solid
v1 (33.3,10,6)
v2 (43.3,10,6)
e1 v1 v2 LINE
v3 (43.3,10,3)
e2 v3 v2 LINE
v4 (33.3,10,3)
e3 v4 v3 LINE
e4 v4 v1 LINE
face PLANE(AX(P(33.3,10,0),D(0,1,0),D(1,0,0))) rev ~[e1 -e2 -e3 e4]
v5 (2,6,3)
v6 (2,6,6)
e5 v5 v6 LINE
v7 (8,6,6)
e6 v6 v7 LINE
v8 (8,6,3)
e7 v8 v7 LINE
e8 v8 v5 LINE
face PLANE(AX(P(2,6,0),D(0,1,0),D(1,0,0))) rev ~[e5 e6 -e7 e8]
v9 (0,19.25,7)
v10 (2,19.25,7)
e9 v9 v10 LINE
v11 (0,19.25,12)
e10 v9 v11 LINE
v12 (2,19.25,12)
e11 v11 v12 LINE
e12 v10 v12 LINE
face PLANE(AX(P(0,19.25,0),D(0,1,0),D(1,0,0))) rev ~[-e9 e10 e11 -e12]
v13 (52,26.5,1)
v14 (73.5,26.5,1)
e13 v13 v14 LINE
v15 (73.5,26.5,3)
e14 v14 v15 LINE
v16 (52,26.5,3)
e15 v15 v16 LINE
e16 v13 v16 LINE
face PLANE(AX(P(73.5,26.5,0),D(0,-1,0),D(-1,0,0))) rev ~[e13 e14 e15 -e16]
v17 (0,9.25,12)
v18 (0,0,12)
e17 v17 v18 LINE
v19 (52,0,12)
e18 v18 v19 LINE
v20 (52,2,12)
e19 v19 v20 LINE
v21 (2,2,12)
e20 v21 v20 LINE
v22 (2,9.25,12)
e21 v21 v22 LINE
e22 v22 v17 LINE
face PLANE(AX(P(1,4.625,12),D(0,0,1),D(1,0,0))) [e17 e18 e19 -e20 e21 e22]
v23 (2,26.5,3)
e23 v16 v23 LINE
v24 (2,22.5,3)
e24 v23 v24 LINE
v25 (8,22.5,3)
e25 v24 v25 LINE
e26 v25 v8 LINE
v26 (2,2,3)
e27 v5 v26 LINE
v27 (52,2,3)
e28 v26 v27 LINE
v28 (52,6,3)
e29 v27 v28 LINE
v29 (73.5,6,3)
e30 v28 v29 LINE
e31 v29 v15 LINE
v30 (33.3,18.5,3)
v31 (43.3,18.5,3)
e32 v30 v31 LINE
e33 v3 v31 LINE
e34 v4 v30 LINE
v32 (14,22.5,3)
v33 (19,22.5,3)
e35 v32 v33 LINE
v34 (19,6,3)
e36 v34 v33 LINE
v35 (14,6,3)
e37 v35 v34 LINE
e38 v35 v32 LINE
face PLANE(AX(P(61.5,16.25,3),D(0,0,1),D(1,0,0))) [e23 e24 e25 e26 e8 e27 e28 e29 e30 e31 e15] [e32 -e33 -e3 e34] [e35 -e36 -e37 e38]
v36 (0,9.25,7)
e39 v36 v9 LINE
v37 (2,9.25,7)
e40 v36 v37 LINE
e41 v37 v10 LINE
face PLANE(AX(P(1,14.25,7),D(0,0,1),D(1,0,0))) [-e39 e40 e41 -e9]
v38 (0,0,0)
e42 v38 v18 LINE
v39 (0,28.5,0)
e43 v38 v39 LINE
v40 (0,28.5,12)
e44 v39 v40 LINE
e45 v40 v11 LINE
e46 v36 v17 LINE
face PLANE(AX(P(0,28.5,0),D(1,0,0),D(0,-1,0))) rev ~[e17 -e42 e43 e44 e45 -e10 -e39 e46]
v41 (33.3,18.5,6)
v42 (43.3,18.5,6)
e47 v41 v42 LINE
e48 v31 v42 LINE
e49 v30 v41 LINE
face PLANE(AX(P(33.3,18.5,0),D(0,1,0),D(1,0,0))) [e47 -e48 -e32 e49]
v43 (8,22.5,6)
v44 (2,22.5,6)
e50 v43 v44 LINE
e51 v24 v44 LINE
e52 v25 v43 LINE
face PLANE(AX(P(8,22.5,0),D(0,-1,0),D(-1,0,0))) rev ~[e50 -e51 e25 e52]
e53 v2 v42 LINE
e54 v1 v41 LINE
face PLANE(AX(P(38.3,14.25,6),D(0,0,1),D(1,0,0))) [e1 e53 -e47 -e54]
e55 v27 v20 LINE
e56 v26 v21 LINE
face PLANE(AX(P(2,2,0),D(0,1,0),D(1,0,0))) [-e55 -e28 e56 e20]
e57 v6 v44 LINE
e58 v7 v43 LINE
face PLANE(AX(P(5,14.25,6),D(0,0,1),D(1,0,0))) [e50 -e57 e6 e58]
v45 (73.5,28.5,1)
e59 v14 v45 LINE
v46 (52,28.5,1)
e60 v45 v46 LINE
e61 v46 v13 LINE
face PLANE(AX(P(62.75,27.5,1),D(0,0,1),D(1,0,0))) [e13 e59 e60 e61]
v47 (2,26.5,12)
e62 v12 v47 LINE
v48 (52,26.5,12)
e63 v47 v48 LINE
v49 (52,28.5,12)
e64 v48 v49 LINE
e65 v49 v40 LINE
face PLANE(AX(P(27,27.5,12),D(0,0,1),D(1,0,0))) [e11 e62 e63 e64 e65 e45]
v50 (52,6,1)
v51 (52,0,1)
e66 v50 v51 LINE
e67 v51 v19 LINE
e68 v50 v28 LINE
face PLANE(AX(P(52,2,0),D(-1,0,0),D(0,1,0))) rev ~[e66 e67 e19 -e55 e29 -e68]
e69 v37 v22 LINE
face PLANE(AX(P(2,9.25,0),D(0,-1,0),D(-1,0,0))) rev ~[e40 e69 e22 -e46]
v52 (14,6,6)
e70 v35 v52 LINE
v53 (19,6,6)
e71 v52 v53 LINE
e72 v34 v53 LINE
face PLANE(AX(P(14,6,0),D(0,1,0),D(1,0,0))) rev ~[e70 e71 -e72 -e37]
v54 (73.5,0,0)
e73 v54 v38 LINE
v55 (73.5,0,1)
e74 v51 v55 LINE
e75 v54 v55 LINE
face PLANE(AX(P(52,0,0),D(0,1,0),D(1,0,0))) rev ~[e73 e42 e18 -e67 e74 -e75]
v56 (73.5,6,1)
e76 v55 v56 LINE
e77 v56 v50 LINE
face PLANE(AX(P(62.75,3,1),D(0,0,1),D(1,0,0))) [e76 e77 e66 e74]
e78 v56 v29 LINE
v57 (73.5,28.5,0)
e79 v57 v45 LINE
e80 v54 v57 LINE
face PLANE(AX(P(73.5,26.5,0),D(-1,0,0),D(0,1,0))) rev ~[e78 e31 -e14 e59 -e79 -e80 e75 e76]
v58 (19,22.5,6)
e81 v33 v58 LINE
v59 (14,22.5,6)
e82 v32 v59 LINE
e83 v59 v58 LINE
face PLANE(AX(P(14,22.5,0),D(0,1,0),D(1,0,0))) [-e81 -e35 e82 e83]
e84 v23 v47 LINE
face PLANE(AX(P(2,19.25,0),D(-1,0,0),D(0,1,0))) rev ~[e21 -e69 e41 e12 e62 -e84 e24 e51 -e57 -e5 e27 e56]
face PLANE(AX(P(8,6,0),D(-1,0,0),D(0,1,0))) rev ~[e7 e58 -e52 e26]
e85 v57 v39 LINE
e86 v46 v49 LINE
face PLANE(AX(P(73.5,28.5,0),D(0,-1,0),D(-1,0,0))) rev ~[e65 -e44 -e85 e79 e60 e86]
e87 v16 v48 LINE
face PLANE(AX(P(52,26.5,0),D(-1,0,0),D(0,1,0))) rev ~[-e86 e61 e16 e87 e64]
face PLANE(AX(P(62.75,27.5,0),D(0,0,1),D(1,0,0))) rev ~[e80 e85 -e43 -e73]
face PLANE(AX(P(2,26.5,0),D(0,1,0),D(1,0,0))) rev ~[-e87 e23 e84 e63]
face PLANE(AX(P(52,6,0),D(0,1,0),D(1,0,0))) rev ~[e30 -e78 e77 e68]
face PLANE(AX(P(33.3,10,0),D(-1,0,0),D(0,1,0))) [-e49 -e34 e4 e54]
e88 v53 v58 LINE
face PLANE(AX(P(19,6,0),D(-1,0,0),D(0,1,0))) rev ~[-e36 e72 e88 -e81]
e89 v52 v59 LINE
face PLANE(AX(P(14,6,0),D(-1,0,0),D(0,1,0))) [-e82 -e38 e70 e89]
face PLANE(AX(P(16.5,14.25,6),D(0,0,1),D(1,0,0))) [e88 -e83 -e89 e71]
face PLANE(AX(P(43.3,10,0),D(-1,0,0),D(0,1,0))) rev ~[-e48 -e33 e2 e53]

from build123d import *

# Parameters (mm, degrees)
F0_W     = 19
F0_H     = 20.5
F0_W_2   = 5
F0_H_2   = 16.5
F0_W_3   = 10
F0_H_3   = 8.5
F0_W_4   = 2.5
F1_DEPTH = 3
F2_DEPTH = 6
F0_W_5   = 2
F0_H_4   = 10
F3_DEPTH = 7
F0_W_6   = 50
F0_H_5   = 2
F4_DEPTH = 12
F5_DEPTH = 1


with BuildPart() as f1:
    # F0 (on Top) → F1 (new body)
    with BuildSketch(Plane.XY):
        with Locations((61.5, 16.25)):
            Rectangle(F0_W, F0_H)
        Polygon((2, 6), (2, 2), (52, 2), (52, 6), (52, 26.5), (2, 26.5), (2, 22.5), (8, 22.5), (8, 6), align=None)
        with Locations((16.5, 14.25)):
            Rectangle(F0_W_2, F0_H_2, mode=Mode.SUBTRACT)
        with Locations((38.3, 14.25)):
            Rectangle(F0_W_3, F0_H_3, mode=Mode.SUBTRACT)
        with Locations((72.25, 16.25)):
            Rectangle(F0_W_4, F0_H)
    extrude(amount=F1_DEPTH)

    # F0 (on Top) → F2 (join)
    with BuildSketch(Plane.XY):
        Polygon((2, 19.25), (2, 9.25), (2, 6), (8, 6), (8, 22.5), (2, 22.5), align=None)
        with Locations((16.5, 14.25)):
            Rectangle(F0_W_2, F0_H_2)
        with Locations((38.3, 14.25)):
            Rectangle(F0_W_3, F0_H_3)
    extrude(amount=F2_DEPTH)

    # F0 (on Top) → F3 (join)
    with BuildSketch(Plane.XY):
        with Locations((1, 14.25)):
            Rectangle(F0_W_5, F0_H_4)
    extrude(amount=F3_DEPTH)

    # F0 (on Top) → F4 (join)
    with BuildSketch(Plane.XY):
        with Locations((27, 27.5)):
            Rectangle(F0_W_6, F0_H_5)
        Polygon((0, 28.5), (0, 19.25), (2, 19.25), (2, 22.5), (2, 26.5), (2, 28.5), align=None)
        Polygon((0, 9.25), (0, 0), (2, 0), (2, 2), (2, 6), (2, 9.25), align=None)
        with Locations((27, 1)):
            Rectangle(F0_W_6, F0_H_5)
    extrude(amount=F4_DEPTH)

    # F0 (on Top) → F5 (join)
    with BuildSketch(Plane.XY):
        Polygon((52, 28.5), (52, 26.5), (71, 26.5), (73.5, 26.5), (73.5, 28.5), align=None)
        Polygon((52, 2), (52, 0), (73.5, 0), (73.5, 6), (71, 6), (52, 6), align=None)
    extrude(amount=F5_DEPTH)


solid = f1.part
